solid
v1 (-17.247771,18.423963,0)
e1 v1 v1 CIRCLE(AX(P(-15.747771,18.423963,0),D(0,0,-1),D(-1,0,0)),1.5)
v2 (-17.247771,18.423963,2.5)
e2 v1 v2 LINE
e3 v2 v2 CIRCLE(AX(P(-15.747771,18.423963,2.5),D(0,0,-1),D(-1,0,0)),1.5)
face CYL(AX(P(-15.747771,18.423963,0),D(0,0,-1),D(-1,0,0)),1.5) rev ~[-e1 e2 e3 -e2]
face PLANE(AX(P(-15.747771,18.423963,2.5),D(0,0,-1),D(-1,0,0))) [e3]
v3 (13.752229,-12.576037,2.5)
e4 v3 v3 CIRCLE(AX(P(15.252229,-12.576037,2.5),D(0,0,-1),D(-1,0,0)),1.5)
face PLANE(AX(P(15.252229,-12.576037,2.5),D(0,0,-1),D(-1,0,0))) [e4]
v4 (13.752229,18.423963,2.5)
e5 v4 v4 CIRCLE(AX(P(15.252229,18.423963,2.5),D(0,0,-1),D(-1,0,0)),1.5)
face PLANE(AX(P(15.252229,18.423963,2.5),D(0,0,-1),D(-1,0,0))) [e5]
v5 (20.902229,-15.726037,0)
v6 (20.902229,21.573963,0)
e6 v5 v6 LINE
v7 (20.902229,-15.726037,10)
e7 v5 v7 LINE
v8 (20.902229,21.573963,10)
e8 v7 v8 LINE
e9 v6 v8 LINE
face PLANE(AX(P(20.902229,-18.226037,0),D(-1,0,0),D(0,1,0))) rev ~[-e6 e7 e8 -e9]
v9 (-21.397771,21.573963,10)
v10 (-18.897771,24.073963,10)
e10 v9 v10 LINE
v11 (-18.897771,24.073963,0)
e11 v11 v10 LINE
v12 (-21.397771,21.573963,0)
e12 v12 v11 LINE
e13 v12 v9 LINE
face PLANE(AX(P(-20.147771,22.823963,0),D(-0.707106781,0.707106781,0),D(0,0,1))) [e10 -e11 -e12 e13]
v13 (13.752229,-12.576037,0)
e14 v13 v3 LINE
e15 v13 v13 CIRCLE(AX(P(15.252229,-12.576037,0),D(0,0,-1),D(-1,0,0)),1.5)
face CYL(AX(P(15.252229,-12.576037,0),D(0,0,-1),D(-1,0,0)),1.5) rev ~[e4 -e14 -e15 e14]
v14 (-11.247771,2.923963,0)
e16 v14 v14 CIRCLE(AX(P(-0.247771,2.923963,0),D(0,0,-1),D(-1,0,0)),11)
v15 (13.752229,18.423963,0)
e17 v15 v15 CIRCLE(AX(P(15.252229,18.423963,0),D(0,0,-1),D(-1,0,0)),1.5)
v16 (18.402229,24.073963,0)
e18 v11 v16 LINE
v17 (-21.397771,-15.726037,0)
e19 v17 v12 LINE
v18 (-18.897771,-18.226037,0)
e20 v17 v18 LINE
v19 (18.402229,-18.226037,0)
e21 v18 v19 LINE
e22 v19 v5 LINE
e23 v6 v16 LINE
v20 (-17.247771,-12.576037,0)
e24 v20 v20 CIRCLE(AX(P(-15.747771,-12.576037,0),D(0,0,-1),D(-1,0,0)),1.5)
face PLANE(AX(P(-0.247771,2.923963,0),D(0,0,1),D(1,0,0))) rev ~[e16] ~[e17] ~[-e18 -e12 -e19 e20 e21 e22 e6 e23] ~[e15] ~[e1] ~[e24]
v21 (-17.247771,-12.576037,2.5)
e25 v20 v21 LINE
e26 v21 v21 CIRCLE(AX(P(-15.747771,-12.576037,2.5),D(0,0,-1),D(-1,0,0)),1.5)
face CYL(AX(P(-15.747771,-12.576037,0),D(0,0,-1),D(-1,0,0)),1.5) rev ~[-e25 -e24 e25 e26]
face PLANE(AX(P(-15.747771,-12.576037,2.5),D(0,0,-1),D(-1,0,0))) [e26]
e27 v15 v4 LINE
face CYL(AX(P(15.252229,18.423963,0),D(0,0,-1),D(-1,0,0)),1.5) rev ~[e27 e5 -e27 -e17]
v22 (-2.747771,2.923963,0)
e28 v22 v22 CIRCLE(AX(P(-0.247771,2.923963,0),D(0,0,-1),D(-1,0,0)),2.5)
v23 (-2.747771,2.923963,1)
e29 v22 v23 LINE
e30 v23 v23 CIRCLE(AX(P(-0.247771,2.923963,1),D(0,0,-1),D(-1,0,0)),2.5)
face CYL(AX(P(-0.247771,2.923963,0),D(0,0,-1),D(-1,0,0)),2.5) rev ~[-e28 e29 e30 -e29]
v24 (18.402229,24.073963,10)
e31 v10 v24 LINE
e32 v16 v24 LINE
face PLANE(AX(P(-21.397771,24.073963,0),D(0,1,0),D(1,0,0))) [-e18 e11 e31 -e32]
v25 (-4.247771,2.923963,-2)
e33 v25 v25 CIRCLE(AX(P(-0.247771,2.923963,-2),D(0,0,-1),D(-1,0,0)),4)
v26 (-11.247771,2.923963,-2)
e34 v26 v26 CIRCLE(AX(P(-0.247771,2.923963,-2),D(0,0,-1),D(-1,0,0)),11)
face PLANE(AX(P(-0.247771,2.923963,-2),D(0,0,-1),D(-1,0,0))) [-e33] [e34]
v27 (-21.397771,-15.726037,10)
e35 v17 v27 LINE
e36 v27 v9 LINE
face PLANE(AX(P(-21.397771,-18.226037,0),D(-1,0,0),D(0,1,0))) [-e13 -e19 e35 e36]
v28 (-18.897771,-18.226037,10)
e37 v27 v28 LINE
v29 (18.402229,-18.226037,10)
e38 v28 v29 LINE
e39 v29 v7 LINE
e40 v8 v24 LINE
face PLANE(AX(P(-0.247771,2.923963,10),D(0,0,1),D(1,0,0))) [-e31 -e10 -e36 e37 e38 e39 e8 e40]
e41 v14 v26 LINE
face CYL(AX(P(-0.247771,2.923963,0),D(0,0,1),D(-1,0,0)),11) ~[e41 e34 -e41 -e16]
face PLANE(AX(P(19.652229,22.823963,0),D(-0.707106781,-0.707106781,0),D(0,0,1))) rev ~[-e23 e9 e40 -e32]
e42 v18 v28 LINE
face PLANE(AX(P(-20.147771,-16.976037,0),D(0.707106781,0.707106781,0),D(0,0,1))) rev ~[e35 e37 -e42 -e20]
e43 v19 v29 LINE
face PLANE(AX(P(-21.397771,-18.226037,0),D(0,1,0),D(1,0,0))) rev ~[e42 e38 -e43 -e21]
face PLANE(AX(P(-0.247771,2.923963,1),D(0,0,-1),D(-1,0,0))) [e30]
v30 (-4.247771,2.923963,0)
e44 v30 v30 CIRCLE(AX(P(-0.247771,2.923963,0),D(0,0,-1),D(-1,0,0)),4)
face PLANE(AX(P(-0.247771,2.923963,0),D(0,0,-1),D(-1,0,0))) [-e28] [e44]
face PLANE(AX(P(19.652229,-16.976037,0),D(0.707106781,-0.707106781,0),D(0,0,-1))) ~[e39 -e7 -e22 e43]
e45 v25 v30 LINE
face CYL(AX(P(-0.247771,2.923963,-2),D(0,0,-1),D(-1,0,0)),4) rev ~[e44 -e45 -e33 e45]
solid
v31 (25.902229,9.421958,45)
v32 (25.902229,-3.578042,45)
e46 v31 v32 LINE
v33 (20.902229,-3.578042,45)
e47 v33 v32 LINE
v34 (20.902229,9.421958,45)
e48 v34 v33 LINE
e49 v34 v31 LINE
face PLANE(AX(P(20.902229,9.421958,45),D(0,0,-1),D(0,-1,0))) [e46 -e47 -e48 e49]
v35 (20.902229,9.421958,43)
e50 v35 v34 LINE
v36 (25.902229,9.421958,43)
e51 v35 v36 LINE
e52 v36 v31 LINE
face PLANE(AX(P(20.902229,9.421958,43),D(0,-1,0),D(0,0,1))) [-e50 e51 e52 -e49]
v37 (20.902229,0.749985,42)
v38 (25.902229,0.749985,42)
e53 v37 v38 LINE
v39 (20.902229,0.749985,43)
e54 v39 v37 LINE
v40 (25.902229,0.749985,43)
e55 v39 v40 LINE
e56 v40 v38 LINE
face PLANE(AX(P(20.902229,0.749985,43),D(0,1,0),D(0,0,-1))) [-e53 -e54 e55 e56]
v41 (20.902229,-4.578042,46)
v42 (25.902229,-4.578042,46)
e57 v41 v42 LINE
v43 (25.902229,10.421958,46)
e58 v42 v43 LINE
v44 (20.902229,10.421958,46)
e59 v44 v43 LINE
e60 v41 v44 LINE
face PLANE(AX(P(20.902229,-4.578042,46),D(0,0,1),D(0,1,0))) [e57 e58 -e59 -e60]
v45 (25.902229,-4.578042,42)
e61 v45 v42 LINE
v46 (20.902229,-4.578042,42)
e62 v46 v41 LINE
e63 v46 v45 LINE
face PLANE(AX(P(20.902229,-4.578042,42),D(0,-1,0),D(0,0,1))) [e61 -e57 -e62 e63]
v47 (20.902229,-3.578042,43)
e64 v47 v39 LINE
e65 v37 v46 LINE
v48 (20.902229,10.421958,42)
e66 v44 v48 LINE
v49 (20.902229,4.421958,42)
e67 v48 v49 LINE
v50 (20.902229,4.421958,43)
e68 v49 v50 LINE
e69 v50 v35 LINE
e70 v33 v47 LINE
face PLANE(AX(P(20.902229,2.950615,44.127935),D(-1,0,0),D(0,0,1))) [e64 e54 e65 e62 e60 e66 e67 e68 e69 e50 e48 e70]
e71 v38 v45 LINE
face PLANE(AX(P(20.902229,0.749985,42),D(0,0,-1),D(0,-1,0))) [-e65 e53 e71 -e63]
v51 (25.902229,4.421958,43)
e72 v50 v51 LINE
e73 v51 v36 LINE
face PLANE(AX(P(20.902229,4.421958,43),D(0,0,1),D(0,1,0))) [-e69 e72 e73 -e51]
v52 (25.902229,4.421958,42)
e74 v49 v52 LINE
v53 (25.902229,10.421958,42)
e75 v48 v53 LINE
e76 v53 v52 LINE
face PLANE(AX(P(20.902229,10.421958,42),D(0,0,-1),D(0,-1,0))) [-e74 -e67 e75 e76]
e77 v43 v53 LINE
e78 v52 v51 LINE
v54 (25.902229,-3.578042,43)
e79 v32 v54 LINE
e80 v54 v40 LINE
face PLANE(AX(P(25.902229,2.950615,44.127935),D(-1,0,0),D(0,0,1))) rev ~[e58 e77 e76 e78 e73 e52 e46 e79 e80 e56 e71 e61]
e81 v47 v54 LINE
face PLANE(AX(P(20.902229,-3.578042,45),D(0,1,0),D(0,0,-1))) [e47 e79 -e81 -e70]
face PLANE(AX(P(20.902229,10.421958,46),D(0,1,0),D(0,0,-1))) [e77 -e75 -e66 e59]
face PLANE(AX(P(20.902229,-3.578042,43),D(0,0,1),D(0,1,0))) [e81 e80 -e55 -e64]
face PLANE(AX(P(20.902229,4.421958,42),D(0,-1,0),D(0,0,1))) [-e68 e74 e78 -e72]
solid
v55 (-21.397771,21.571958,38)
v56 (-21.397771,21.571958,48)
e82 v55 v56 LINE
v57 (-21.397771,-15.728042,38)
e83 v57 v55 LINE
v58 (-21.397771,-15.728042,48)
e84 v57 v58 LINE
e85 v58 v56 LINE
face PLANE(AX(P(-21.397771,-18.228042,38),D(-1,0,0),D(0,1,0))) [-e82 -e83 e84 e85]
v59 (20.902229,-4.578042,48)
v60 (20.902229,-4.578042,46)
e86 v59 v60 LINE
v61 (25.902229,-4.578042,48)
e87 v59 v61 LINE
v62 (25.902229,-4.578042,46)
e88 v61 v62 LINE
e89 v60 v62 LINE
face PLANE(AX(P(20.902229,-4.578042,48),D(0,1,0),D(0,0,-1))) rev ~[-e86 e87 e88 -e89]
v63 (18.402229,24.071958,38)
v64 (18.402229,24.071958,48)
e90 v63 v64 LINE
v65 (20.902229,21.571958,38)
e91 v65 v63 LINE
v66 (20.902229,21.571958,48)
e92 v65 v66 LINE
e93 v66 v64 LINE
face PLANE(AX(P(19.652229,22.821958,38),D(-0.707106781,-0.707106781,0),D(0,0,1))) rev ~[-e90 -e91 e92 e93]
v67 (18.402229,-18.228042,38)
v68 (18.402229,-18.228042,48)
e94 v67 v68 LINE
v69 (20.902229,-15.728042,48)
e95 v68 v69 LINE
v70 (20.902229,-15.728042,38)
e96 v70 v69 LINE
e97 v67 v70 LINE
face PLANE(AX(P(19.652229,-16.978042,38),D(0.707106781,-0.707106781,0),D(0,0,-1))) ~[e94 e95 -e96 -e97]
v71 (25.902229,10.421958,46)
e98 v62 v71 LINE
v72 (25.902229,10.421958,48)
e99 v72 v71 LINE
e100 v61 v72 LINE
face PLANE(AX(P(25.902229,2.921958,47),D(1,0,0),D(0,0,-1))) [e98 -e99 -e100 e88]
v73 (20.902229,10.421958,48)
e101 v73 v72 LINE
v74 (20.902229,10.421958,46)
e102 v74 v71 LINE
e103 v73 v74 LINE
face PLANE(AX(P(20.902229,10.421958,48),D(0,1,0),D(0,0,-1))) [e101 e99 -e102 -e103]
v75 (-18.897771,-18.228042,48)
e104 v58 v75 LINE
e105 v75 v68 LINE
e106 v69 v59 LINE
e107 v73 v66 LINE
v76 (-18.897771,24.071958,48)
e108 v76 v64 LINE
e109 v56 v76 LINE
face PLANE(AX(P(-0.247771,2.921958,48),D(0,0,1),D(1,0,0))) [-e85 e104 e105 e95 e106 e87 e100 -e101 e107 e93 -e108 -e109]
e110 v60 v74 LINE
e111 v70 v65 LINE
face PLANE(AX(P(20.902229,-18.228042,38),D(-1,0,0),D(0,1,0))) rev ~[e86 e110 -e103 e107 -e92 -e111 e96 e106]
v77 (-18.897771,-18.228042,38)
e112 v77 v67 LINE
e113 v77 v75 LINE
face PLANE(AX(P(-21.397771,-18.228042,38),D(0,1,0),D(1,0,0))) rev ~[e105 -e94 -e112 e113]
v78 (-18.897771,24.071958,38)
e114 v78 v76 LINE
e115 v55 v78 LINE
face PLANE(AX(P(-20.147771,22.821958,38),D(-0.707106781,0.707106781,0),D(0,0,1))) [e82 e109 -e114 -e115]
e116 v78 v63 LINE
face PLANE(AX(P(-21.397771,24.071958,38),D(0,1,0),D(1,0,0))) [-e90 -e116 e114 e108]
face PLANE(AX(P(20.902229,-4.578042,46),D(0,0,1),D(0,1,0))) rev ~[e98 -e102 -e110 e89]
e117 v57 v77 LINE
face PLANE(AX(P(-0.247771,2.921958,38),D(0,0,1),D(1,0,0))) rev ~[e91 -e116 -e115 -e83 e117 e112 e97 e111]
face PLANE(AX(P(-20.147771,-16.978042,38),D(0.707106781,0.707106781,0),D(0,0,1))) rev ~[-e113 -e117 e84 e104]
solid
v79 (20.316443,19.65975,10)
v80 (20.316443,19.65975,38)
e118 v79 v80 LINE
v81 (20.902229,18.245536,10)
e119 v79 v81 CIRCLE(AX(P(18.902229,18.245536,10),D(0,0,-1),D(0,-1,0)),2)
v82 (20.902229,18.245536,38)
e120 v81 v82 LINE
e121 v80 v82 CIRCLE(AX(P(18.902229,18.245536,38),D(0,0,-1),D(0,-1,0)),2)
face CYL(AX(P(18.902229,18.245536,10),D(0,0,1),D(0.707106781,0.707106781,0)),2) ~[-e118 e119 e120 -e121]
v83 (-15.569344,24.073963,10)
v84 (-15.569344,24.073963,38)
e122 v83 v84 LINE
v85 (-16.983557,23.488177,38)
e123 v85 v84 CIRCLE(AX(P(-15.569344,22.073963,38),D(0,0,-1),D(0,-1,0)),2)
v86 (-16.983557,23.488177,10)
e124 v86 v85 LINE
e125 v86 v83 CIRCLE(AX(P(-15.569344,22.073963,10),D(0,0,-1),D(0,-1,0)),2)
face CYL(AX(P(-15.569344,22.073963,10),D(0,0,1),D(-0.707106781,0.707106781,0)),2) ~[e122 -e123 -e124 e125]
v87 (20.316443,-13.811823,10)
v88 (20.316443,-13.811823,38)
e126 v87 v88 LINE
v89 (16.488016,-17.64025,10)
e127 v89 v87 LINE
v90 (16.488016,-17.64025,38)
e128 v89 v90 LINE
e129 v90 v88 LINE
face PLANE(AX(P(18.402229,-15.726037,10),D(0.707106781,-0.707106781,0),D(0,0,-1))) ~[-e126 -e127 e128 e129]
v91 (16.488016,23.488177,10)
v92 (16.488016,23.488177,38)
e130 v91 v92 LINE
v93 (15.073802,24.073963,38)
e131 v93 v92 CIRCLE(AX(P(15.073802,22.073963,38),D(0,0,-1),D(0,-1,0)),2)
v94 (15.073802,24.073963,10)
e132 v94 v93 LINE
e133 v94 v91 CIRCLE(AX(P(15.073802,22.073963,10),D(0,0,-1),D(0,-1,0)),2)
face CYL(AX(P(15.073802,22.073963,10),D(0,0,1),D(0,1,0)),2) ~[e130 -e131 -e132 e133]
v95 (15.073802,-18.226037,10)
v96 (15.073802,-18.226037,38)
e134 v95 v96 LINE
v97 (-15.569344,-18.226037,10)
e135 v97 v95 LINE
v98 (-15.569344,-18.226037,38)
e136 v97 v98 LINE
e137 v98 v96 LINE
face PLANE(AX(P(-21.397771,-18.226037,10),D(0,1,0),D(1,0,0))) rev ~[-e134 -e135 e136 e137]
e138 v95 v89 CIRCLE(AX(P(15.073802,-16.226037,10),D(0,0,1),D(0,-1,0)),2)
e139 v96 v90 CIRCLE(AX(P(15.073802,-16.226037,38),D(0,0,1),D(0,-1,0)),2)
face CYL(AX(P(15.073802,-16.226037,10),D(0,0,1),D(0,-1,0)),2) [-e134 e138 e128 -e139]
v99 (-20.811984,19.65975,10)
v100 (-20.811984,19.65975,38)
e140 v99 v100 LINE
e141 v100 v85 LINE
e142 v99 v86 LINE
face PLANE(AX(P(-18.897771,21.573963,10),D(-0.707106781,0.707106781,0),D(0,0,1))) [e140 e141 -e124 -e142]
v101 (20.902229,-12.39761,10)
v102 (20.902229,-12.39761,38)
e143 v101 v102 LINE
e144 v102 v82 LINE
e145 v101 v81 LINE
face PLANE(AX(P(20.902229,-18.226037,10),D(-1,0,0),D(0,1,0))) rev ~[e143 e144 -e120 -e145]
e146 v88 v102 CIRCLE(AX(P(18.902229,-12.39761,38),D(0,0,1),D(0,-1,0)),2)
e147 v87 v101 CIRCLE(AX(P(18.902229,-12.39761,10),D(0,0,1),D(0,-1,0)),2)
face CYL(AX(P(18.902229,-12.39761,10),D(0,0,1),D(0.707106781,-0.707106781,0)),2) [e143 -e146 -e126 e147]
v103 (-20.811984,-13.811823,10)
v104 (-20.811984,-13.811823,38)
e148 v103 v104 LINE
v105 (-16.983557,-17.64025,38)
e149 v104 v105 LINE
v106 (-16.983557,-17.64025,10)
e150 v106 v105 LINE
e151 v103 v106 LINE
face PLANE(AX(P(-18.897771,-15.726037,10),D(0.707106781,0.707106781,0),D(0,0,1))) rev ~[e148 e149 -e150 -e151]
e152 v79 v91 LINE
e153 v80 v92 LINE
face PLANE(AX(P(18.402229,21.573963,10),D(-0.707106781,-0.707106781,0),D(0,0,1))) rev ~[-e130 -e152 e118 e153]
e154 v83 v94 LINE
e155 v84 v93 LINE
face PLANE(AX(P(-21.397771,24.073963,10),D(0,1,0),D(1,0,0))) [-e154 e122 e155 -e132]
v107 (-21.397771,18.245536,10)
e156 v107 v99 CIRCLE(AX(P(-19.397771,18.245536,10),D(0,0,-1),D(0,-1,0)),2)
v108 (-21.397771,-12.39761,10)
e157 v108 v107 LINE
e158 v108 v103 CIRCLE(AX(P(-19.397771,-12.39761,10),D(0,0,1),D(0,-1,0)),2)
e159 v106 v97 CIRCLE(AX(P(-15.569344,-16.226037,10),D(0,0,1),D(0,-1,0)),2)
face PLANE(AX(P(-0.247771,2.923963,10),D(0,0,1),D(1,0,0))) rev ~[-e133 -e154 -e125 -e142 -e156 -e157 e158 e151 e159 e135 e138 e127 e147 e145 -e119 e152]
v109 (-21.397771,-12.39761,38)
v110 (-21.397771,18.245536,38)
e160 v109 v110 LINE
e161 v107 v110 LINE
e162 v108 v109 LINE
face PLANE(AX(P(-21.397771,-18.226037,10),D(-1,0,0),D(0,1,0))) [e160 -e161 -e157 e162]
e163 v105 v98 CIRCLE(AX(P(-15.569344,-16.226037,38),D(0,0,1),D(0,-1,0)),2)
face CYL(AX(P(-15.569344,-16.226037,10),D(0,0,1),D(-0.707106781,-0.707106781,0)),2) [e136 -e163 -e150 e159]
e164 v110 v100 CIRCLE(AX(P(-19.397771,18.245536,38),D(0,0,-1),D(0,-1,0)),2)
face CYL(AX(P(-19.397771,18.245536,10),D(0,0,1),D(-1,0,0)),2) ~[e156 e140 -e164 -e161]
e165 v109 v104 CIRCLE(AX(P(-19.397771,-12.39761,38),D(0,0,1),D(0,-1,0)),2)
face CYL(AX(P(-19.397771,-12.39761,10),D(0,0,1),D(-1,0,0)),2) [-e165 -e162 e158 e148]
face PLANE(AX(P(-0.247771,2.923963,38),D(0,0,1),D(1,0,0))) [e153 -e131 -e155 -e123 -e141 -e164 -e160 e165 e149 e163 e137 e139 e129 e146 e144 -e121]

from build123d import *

# Parameters (mm, degrees)
SKETCH1_W           = 42.3
SKETCH1_H           = 42.3
BOSS_EXTRUDE2_DEPTH = 10
SKETCH2_W           = 42.3
SKETCH2_H           = 42.3
BOSS_EXTRUDE3_DEPTH = 28
CHAMFER1_SIZE       = 5
FILLET1_R           = 2
CHAMFER2_SIZE       = 2.5
SKETCH4_W           = 42.3
SKETCH4_H           = 42.3
BOSS_EXTRUDE4_DEPTH = 10
CHAMFER3_SIZE       = 2.5
SKETCH5_R           = 11
BOSS_EXTRUDE5_DEPTH = 2
SKETCH6_R           = 4
CUT_EXTRUDE1_DEPTH  = 2
SKETCH7_R           = 2.5
CUT_EXTRUDE2_DEPTH  = 1
SKETCH11_R          = 1.5
CUT_EXTRUDE3_DEPTH  = 2.5
SKETCH12_W          = 2
SKETCH12_H          = 15
BOSS_EXTRUDE6_DEPTH = 5
BOSS_EXTRUDE7_DEPTH = 5


with BuildPart() as part:
    # Sketch1 → Boss-Extrude2 (new body)
    with BuildSketch(Plane.XY):
        with Locations((-0.247770908, 2.923963134)):
            Rectangle(SKETCH1_W, SKETCH1_H)
    extrude(amount=BOSS_EXTRUDE2_DEPTH)

    # Chamfer2
    chamfer2_edges = [part.edges().sort_by_distance(p)[0] for p in [
        (-21.397770908, 24.073963134, 5),
        (20.902229092, 24.073963134, 5),
        (20.902229092, -18.226036866, 5),
        (-21.397770908, -18.226036866, 5),
    ]]
    chamfer(chamfer2_edges, length=CHAMFER2_SIZE)

    # Sketch5 → Boss-Extrude5 (add)
    with BuildSketch(Plane(origin=(0, 0, 0), x_dir=(-1, 0, 0), z_dir=(0, 0, -1))):
        with Locations((0.247770908, 2.923963134)):
            Circle(SKETCH5_R)
    extrude(amount=BOSS_EXTRUDE5_DEPTH)

    # Sketch6 → Cut-Extrude1 (cut)
    with BuildSketch(Plane(origin=(0, 0, -2), x_dir=(-1, 0, 0), z_dir=(0, 0, -1))):
        with Locations((0.247770908, 2.923963134)):
            Circle(SKETCH6_R)
    extrude(amount=-CUT_EXTRUDE1_DEPTH, mode=Mode.SUBTRACT)

    # Sketch7 → Cut-Extrude2 (cut)
    with BuildSketch(Plane(origin=(0, 0, 0), x_dir=(-1, 0, 0), z_dir=(0, 0, -1))):
        with Locations((0.247770908, 2.923963134)):
            Circle(SKETCH7_R)
    extrude(amount=-CUT_EXTRUDE2_DEPTH, mode=Mode.SUBTRACT)

    # Sketch11 → Cut-Extrude3 (cut)
    with BuildSketch(Plane(origin=(0, 0, 0), x_dir=(-1, 0, 0), z_dir=(0, 0, -1))):
        with Locations((-15.252229092, 18.423963134)):
            Circle(SKETCH11_R)
        with Locations((15.747770908, 18.423963134)):
            Circle(SKETCH11_R)
        with Locations((15.747770908, -12.576036866)):
            Circle(SKETCH11_R)
        with Locations((-15.252229092, -12.576036866)):
            Circle(SKETCH11_R)
    extrude(amount=-CUT_EXTRUDE3_DEPTH, mode=Mode.SUBTRACT)


with BuildPart() as body_2:
    # Sketch2 → Boss-Extrude3 (new body)
    with BuildSketch(Plane.XY.offset(10)):
        with Locations((-0.247770908, 2.923963134)):
            Rectangle(SKETCH2_W, SKETCH2_H)
    extrude(amount=BOSS_EXTRUDE3_DEPTH)

    # Chamfer1
    chamfer1_edges = [body_2.edges().sort_by_distance(p)[0] for p in [
        (-21.397770908, 24.073963134, 24),
        (20.902229092, 24.073963134, 24),
        (20.902229092, -18.226036866, 24),
        (-21.397770908, -18.226036866, 24),
    ]]
    chamfer(chamfer1_edges, length=CHAMFER1_SIZE)

    # Fillet1
    fillet1_edges = [body_2.edges().sort_by_distance(p)[0] for p in [
        (20.902229092, 19.073963134, 24),
        (20.902229092, -13.226036866, 24),
        (-16.397770908, -18.226036866, 24),
        (15.902229092, -18.226036866, 24),
        (-21.397770908, 19.073963134, 24),
        (-21.397770908, -13.226036866, 24),
        (15.902229092, 24.073963134, 24),
        (-16.397770908, 24.073963134, 24),
    ]]
    fillet(fillet1_edges, radius=FILLET1_R)


with BuildPart() as body_3:
    # Sketch4 → Boss-Extrude4 (new body)
    with BuildSketch(Plane.XY.offset(38)):
        with Locations((-0.247770908, 2.921958388)):
            Rectangle(SKETCH4_W, SKETCH4_H)
    extrude(amount=BOSS_EXTRUDE4_DEPTH)

    # Chamfer3
    chamfer3_edges = [body_3.edges().sort_by_distance(p)[0] for p in [
        (-21.397770908, 24.071958388, 43),
        (20.902229092, 24.071958388, 43),
        (20.902229092, -18.228041612, 43),
        (-21.397770908, -18.228041612, 43),
    ]]
    chamfer(chamfer3_edges, length=CHAMFER3_SIZE)

    # Sketch12 → Boss-Extrude6 (add)
    with BuildSketch(Plane(origin=(20.902229092, 0, 0), x_dir=(0, 0, -1), z_dir=(1, 0, 0))):
        with Locations((-47, 2.921958388)):
            Rectangle(SKETCH12_W, SKETCH12_H)
    extrude(amount=BOSS_EXTRUDE6_DEPTH)


with BuildPart() as body_4:
    # Sketch13 → Boss-Extrude7 (new body)
    with BuildSketch(Plane(origin=(20.902229092, 0, 0), x_dir=(0, 0, -1), z_dir=(1, 0, 0))):
        Polygon((-46, 10.421958388), (-42, 10.421958388), (-42, 4.421958388), (-43, 4.421958388), (-43, 9.421958388), (-45, 9.421958388), (-45, -3.578041612), (-43, -3.578041612), (-43, 0.749984504), (-42, 0.749984504), (-42, -4.578041612), (-46, -4.578041612), align=None)
    extrude(amount=BOSS_EXTRUDE7_DEPTH)


solid = Compound([part.part, body_2.part, body_3.part, body_4.part])
